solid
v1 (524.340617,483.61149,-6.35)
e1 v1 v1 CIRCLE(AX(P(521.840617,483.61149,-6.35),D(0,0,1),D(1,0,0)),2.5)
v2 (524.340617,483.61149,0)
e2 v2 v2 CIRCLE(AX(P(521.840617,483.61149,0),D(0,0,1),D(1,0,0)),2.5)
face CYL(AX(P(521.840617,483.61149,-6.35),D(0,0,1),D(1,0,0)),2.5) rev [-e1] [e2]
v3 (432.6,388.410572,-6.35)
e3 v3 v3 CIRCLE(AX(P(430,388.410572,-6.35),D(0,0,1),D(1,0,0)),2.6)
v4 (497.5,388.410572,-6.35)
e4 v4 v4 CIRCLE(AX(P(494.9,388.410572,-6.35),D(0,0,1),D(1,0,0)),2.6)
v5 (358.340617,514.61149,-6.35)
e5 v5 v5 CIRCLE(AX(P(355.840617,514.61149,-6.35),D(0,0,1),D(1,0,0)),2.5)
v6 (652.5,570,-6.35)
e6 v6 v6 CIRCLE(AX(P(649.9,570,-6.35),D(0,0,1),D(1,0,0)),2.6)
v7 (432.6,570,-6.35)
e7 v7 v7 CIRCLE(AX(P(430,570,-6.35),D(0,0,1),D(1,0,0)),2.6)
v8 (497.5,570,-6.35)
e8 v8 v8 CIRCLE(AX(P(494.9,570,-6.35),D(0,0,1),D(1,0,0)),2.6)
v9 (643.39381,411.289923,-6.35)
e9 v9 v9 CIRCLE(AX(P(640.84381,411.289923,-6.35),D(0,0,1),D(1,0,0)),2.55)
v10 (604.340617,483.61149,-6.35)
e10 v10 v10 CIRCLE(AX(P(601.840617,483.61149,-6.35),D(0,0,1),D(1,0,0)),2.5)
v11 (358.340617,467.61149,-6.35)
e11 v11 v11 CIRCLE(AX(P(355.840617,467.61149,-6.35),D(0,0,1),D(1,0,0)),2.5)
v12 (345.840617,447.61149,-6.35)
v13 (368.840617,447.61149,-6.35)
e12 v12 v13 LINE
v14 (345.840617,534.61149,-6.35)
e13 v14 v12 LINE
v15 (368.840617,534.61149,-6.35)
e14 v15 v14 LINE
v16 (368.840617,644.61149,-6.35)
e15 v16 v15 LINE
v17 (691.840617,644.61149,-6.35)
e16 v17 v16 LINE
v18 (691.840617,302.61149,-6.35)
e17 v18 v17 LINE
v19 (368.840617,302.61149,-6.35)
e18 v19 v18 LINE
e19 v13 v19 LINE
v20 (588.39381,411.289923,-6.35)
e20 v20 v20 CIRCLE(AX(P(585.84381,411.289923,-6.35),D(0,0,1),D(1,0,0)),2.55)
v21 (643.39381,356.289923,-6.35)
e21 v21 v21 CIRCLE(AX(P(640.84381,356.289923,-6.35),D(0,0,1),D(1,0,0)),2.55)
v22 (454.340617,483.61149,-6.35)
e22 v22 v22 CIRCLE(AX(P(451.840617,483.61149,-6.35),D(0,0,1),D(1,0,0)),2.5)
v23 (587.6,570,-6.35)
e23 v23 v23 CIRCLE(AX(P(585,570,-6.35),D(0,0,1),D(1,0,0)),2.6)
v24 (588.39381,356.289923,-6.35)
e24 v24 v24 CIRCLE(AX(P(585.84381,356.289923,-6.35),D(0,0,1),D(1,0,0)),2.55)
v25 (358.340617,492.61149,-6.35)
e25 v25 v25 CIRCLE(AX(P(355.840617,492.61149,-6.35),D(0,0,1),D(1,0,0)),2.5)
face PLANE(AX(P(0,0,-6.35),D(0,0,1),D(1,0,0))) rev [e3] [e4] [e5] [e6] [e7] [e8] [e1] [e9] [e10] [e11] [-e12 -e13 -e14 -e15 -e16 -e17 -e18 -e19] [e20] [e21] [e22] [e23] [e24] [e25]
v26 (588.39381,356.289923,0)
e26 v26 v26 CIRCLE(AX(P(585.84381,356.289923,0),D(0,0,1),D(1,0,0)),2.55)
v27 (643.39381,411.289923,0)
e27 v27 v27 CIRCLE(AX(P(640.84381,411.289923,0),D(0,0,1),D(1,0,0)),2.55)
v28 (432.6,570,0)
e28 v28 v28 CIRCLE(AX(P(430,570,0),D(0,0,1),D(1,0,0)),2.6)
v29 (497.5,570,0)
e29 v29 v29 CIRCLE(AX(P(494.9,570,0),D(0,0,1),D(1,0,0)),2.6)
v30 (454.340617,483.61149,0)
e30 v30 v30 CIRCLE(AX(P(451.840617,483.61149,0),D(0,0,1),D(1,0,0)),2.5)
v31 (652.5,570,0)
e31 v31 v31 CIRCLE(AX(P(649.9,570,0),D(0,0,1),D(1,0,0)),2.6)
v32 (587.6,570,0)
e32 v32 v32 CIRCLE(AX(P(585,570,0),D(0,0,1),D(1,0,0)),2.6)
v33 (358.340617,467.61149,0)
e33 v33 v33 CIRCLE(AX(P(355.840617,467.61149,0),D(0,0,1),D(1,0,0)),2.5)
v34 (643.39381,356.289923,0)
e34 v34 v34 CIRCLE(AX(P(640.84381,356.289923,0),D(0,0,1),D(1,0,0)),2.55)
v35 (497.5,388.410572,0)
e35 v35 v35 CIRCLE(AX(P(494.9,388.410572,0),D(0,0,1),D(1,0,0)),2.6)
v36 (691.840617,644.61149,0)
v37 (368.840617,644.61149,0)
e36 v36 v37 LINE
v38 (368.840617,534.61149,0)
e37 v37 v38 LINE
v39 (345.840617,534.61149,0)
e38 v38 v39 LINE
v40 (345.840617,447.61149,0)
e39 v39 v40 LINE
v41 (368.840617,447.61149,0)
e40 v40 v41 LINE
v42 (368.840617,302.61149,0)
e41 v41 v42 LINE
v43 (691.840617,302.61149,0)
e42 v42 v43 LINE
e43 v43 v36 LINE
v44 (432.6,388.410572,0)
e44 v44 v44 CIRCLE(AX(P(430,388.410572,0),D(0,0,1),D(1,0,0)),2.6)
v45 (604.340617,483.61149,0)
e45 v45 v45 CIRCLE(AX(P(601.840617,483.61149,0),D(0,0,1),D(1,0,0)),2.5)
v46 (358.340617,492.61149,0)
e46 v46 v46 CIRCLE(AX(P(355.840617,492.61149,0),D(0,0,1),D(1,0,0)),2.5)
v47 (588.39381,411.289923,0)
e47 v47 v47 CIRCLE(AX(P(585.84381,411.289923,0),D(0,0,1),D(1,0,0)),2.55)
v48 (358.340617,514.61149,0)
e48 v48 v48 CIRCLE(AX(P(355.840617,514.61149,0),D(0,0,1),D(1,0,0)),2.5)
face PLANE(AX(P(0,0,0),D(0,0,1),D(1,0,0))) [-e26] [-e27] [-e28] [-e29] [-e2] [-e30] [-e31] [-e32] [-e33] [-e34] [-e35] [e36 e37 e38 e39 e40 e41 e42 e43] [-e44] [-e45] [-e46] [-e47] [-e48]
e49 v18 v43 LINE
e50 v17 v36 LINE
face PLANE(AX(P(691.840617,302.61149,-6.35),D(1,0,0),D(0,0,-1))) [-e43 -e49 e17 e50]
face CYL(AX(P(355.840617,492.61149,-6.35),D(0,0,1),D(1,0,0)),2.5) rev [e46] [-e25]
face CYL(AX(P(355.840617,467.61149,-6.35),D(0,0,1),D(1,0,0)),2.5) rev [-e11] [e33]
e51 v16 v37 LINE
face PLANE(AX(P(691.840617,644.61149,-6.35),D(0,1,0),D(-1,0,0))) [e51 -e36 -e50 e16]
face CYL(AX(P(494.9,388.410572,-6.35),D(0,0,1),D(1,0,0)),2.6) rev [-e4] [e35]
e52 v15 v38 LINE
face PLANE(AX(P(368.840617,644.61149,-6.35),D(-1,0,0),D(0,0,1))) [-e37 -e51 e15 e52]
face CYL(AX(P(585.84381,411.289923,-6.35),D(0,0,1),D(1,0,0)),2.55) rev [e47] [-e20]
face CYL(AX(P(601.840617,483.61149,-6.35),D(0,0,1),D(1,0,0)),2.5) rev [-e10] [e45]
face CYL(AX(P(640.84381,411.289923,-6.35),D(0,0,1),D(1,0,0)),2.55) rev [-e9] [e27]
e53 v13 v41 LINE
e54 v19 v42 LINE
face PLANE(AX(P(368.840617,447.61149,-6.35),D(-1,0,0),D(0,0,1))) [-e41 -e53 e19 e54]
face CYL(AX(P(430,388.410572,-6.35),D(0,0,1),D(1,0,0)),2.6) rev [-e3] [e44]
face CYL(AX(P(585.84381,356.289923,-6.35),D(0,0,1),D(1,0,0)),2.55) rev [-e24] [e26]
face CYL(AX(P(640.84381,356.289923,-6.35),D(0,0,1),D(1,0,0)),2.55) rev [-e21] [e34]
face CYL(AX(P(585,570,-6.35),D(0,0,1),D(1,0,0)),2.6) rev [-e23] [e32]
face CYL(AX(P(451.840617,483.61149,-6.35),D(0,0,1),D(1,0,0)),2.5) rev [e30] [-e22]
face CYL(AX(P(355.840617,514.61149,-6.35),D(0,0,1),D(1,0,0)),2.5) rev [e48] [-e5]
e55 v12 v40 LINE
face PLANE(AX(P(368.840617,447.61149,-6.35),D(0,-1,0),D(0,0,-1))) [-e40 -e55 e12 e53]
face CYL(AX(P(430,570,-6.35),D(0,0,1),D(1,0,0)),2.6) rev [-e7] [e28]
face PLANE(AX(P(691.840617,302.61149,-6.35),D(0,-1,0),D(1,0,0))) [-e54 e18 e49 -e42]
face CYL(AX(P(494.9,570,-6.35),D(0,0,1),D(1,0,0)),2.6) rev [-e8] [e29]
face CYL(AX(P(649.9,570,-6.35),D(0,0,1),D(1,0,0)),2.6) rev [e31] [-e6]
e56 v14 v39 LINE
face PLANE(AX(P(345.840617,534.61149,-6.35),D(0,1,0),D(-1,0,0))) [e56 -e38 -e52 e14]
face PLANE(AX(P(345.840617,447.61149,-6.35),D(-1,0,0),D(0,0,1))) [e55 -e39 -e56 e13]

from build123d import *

# Parameters (mm, degrees)
MODEL_R             = 2.5
MODEL_R_2           = 2.6
MODEL_R_3           = 2.55
BOSS_EXTRUDE1_DEPTH = 6.35


with BuildPart() as part:
    # Model → Boss-Extrude1 (new body)
    with BuildSketch(Plane.XY):
        Polygon((691.840616937, 302.611489719), (368.840616937, 302.611489719), (368.840616937, 447.611489719), (345.840616937, 447.611489719), (345.840616937, 534.611489719), (368.840616937, 534.611489719), (368.840616937, 644.611489719), (691.840616937, 644.611489719), align=None)
        with Locations((355.840616937, 514.611489719)):
            Circle(MODEL_R, mode=Mode.SUBTRACT)
        with Locations((355.840616937, 492.611489719)):
            Circle(MODEL_R, mode=Mode.SUBTRACT)
        with Locations((355.840616937, 467.611489719)):
            Circle(MODEL_R, mode=Mode.SUBTRACT)
        with Locations((430, 570)):
            Circle(MODEL_R_2, mode=Mode.SUBTRACT)
        with Locations((494.9, 570)):
            Circle(MODEL_R_2, mode=Mode.SUBTRACT)
        with Locations((451.840616937, 483.611489719)):
            Circle(MODEL_R, mode=Mode.SUBTRACT)
        with Locations((521.840616937, 483.611489719)):
            Circle(MODEL_R, mode=Mode.SUBTRACT)
        with Locations((601.840616937, 483.611489719)):
            Circle(MODEL_R, mode=Mode.SUBTRACT)
        with Locations((585, 570)):
            Circle(MODEL_R_2, mode=Mode.SUBTRACT)
        with Locations((649.9, 570)):
            Circle(MODEL_R_2, mode=Mode.SUBTRACT)
        with Locations((430, 388.410571956)):
            Circle(MODEL_R_2, mode=Mode.SUBTRACT)
        with Locations((494.9, 388.410571956)):
            Circle(MODEL_R_2, mode=Mode.SUBTRACT)
        with Locations((585.843810025, 411.289923372)):
            Circle(MODEL_R_3, mode=Mode.SUBTRACT)
        with Locations((640.843810025, 411.289923372)):
            Circle(MODEL_R_3, mode=Mode.SUBTRACT)
        with Locations((585.843810025, 356.289923372)):
            Circle(MODEL_R_3, mode=Mode.SUBTRACT)
        with Locations((640.843810025, 356.289923372)):
            Circle(MODEL_R_3, mode=Mode.SUBTRACT)
    extrude(amount=-BOSS_EXTRUDE1_DEPTH)


solid = part.part
